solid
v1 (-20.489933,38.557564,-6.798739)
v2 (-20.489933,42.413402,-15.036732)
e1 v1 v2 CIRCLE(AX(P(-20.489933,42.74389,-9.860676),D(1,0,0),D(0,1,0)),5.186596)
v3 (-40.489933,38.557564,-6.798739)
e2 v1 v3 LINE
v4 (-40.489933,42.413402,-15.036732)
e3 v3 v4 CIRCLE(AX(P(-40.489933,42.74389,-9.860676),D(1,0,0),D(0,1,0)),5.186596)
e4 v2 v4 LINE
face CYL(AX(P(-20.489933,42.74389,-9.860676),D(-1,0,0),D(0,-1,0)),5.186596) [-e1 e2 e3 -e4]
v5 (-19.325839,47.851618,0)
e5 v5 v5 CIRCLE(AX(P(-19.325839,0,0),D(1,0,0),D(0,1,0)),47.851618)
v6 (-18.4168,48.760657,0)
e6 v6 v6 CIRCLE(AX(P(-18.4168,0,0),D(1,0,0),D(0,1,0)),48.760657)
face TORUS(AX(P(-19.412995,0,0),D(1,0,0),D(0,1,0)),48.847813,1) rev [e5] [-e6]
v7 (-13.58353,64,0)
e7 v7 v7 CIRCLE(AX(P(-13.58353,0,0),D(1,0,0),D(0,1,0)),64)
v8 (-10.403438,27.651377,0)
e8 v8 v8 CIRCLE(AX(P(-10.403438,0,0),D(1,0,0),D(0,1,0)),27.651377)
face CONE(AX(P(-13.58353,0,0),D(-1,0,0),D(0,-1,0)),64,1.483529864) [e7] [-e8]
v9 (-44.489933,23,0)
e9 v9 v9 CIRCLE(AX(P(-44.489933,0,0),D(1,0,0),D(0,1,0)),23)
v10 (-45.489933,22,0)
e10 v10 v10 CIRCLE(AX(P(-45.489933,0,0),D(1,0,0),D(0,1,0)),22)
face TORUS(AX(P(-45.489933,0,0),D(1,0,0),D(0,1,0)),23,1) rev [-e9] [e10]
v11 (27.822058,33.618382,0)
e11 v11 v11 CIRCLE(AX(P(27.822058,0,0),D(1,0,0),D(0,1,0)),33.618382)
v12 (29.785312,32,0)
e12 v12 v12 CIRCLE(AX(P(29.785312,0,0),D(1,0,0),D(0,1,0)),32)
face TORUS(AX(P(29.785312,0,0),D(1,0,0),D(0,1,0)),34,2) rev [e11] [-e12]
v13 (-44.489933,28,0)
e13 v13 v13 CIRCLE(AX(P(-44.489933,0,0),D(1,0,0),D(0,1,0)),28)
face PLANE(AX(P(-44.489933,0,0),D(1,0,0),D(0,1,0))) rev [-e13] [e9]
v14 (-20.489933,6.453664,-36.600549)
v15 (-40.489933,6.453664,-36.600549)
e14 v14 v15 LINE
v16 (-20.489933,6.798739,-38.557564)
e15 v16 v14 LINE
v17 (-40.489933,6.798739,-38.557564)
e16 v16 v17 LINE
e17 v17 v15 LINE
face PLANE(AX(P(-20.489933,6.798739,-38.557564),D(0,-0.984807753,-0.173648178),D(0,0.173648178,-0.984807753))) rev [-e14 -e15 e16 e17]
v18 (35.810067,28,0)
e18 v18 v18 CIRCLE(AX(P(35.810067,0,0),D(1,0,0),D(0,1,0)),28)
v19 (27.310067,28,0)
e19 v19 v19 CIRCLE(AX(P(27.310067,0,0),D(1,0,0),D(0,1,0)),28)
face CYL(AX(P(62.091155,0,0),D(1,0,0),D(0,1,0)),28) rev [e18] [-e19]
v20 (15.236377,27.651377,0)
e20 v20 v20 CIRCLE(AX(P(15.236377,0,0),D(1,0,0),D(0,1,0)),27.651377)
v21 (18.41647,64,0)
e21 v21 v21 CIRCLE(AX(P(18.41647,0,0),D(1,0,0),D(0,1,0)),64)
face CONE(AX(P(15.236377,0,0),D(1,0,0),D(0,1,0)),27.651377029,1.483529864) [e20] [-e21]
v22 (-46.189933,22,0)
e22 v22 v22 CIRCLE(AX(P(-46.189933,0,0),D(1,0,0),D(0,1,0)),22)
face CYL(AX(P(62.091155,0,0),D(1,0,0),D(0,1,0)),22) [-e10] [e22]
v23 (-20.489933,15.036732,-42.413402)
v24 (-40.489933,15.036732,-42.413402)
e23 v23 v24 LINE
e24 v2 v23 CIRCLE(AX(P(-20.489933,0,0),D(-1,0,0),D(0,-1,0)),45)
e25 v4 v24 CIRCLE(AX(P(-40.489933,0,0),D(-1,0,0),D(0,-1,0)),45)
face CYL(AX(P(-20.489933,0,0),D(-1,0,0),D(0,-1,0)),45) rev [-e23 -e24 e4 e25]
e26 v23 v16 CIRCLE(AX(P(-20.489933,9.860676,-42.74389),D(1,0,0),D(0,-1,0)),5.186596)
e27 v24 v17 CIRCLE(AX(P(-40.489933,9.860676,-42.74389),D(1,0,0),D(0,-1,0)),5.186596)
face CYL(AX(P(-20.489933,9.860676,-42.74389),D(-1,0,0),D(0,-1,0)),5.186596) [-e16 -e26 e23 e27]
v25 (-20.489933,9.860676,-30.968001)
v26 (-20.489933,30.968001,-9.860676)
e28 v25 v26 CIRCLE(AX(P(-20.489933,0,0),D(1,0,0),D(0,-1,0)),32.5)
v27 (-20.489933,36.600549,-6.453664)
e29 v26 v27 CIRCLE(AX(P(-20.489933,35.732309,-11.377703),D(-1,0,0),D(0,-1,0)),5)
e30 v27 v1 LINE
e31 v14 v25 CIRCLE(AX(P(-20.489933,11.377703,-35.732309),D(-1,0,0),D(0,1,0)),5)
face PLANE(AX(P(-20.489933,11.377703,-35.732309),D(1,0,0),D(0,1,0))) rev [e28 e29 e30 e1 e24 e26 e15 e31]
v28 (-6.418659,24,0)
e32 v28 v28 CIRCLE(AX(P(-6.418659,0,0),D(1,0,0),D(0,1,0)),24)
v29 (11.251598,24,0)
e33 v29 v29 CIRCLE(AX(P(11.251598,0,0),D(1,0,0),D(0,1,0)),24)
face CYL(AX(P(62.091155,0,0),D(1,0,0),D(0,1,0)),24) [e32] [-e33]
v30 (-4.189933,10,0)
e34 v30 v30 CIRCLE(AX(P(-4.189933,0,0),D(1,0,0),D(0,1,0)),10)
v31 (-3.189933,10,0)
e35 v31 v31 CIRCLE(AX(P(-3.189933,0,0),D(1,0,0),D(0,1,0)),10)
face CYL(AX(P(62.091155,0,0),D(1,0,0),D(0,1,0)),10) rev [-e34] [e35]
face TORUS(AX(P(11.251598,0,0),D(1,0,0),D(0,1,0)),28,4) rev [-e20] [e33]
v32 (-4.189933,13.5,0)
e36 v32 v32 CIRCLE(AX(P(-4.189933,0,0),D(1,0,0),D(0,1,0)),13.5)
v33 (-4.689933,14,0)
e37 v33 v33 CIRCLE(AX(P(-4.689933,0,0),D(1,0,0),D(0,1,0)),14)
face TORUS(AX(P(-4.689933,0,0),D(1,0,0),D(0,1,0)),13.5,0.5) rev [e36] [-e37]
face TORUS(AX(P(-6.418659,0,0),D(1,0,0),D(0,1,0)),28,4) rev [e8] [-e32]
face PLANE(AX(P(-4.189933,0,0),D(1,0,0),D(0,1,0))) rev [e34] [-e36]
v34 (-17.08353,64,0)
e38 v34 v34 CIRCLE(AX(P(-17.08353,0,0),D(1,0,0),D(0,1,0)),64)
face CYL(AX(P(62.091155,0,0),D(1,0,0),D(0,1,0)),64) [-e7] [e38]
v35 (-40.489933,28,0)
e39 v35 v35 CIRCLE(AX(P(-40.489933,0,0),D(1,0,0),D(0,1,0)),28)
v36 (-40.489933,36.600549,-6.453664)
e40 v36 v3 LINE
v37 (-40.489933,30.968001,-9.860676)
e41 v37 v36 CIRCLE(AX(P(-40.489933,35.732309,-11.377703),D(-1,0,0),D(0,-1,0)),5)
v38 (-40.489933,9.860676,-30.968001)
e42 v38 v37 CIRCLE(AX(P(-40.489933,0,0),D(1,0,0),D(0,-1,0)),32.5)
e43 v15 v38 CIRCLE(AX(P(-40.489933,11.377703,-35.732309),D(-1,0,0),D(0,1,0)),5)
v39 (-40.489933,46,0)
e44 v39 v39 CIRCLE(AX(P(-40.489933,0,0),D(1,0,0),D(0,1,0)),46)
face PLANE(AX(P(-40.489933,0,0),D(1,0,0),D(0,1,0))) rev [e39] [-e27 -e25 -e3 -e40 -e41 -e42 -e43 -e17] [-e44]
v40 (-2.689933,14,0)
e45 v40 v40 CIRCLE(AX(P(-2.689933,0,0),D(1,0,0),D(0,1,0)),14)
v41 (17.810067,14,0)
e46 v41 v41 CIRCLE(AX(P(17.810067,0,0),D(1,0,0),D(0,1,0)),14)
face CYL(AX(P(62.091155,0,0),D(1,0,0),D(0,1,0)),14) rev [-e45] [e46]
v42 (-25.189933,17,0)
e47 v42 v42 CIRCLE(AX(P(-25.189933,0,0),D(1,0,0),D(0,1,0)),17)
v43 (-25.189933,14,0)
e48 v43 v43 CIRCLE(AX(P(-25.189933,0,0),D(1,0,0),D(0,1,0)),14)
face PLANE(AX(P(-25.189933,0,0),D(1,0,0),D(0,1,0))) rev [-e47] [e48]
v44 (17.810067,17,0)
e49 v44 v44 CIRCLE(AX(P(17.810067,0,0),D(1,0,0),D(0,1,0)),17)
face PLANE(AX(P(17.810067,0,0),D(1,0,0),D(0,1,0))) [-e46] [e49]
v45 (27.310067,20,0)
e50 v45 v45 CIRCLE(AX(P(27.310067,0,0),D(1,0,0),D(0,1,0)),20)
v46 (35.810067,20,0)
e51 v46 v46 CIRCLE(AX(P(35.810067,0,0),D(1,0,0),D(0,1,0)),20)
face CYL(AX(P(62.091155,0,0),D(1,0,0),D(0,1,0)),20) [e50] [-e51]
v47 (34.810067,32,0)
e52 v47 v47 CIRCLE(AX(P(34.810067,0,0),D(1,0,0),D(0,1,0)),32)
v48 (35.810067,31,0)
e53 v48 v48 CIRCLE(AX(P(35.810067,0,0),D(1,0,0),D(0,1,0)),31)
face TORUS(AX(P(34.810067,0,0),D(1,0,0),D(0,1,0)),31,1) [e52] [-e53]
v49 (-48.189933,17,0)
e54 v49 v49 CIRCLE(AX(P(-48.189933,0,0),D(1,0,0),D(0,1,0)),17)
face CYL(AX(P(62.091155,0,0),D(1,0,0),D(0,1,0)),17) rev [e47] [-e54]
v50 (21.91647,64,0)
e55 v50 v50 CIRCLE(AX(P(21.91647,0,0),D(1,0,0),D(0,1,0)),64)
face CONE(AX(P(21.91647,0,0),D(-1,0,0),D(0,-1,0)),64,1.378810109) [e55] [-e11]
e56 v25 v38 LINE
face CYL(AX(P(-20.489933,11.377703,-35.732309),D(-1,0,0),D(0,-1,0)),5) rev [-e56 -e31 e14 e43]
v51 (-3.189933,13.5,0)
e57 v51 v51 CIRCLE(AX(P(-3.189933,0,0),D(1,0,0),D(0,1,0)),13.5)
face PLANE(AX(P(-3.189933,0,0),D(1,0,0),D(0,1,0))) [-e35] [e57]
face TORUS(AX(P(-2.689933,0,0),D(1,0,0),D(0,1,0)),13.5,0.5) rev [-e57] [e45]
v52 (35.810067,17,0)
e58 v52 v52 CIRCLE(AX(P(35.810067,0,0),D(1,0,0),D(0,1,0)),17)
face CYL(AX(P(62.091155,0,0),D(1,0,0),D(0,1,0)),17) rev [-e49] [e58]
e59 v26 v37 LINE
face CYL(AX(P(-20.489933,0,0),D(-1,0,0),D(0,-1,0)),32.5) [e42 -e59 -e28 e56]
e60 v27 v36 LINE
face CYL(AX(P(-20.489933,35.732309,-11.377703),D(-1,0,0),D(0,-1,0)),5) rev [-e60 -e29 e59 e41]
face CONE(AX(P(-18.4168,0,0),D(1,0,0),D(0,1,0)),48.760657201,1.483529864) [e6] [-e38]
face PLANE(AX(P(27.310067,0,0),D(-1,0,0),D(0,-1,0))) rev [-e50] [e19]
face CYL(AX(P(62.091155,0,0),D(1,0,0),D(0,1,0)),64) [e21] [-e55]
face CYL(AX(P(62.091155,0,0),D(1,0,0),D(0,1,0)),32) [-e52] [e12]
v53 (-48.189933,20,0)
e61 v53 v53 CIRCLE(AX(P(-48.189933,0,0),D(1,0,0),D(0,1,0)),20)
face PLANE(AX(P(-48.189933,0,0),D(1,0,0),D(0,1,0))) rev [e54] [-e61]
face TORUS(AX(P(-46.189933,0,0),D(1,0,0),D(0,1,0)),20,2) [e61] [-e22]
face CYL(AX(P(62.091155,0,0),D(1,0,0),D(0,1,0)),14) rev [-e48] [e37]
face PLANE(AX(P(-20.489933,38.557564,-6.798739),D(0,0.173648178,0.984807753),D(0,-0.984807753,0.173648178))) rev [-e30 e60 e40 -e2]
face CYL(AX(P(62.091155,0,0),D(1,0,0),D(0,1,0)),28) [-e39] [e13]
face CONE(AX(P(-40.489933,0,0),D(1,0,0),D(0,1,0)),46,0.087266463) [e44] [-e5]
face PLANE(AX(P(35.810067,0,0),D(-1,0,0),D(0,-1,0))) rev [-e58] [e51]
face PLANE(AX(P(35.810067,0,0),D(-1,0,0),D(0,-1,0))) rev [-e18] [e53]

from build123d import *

# Parameters (mm, degrees)
CUT_EXTRUDE1_DEPTH = 20


with BuildPart() as part:
    # Sketch1 → Revolve3 (revolve)
    with BuildSketch(Plane.XY):
        with BuildLine():
            Line((-48.189932556, 17), (-25.189932556, 17))
            Line((-25.189932556, 17), (-25.189932556, 14))
            Line((-25.189932556, 14), (-4.689932556, 14))
            ThreePointArc((-4.689932556, 14), (-4.336379165, 13.853553391), (-4.189932556, 13.5))
            Line((-4.189932556, 13.5), (-4.189932556, 10))
            Line((-4.189932556, 10), (-3.189932556, 10))
            Line((-3.189932556, 10), (-3.189932556, 13.5))
            ThreePointArc((-3.189932556, 13.5), (-3.043485946, 13.853553391), (-2.689932556, 14))
            Line((-2.689932556, 14), (17.810067444, 14))
            Line((17.810067444, 14), (17.810067444, 17))
            Line((17.810067444, 17), (35.810067444, 17))
            Line((35.810067444, 17), (35.810067444, 20))
            Line((35.810067444, 20), (27.310067444, 20))
            Line((27.310067444, 20), (27.310067444, 28))
            Line((27.310067444, 28), (35.810067444, 28))
            Line((35.810067444, 28), (35.810067444, 31))
            ThreePointArc((35.810067444, 31), (35.517174226, 31.707106781), (34.810067444, 32))
            Line((34.810067444, 32), (29.785312195, 32))
            ThreePointArc((29.785312195, 32), (28.513155754, 32.456750833), (27.822057828, 33.618382009))
            Line((27.822057828, 33.618382009), (21.91646953, 64))
            Line((21.91646953, 64), (18.41646953, 64))
            Line((18.41646953, 64), (15.236377086, 27.651377029))
            ThreePointArc((15.236377086, 27.651377029), (13.953959124, 25.050890653), (11.251598293, 24))
            Line((11.251598293, 24), (-6.418659232, 24))
            ThreePointArc((-6.418659232, 24), (-9.121020063, 25.050890653), (-10.403438025, 27.651377029))
            Line((-10.403438025, 27.651377029), (-13.58353047, 64))
            Line((-13.58353047, 64), (-17.08353047, 64))
            Line((-17.08353047, 64), (-18.416800204, 48.760657201))
            ThreePointArc((-18.416800204, 48.760657201), (-18.705888121, 48.140706163), (-19.325839159, 47.851618246))
            Line((-19.325839159, 47.851618246), (-40.489932556, 46))
            Line((-40.489932556, 46), (-40.489932556, 28))
            Line((-40.489932556, 28), (-44.489932556, 28))
            Line((-44.489932556, 28), (-44.489932556, 23))
            ThreePointArc((-44.489932556, 23), (-44.782825774, 22.292893219), (-45.489932556, 22))
            Line((-45.489932556, 22), (-46.189932556, 22))
            ThreePointArc((-46.189932556, 22), (-47.604146118, 21.414213562), (-48.189932556, 20))
            Line((-48.189932556, 20), (-48.189932556, 17))
        make_face()
    revolve(axis=Axis((62.091155106, 0, 0), (-1, 0, 0)))

    # Sketch2 → Cut-Extrude1 (cut)
    with BuildSketch(Plane.ZY.offset(40.489932556)):
        with BuildLine():
            Line((-38.557564416, 6.798738917), (-36.600549398, 6.453664368))
            ThreePointArc((-36.600549398, 6.453664368), (-33.14449737, 7.099475286), (-30.968000708, 9.860676048))
            ThreePointArc((-30.968000708, 9.860676048), (-22.980970389, 22.980970389), (-9.860676048, 30.968000708))
            ThreePointArc((-9.860676048, 30.968000708), (-7.099475286, 33.14449737), (-6.453664368, 36.600549398))
            Line((-6.453664368, 36.600549398), (-6.798738917, 38.557564416))
            ThreePointArc((-6.798738917, 38.557564416), (-12.059367939, 38.046386934), (-15.036732198, 42.413402184))
            ThreePointArc((-15.036732198, 42.413402184), (-31.819805153, 31.819805153), (-42.413402184, 15.036732198))
            ThreePointArc((-42.413402184, 15.036732198), (-38.046386934, 12.059367939), (-38.557564416, 6.798738917))
        make_face()
    extrude(amount=-CUT_EXTRUDE1_DEPTH, mode=Mode.SUBTRACT)


solid = part.part
